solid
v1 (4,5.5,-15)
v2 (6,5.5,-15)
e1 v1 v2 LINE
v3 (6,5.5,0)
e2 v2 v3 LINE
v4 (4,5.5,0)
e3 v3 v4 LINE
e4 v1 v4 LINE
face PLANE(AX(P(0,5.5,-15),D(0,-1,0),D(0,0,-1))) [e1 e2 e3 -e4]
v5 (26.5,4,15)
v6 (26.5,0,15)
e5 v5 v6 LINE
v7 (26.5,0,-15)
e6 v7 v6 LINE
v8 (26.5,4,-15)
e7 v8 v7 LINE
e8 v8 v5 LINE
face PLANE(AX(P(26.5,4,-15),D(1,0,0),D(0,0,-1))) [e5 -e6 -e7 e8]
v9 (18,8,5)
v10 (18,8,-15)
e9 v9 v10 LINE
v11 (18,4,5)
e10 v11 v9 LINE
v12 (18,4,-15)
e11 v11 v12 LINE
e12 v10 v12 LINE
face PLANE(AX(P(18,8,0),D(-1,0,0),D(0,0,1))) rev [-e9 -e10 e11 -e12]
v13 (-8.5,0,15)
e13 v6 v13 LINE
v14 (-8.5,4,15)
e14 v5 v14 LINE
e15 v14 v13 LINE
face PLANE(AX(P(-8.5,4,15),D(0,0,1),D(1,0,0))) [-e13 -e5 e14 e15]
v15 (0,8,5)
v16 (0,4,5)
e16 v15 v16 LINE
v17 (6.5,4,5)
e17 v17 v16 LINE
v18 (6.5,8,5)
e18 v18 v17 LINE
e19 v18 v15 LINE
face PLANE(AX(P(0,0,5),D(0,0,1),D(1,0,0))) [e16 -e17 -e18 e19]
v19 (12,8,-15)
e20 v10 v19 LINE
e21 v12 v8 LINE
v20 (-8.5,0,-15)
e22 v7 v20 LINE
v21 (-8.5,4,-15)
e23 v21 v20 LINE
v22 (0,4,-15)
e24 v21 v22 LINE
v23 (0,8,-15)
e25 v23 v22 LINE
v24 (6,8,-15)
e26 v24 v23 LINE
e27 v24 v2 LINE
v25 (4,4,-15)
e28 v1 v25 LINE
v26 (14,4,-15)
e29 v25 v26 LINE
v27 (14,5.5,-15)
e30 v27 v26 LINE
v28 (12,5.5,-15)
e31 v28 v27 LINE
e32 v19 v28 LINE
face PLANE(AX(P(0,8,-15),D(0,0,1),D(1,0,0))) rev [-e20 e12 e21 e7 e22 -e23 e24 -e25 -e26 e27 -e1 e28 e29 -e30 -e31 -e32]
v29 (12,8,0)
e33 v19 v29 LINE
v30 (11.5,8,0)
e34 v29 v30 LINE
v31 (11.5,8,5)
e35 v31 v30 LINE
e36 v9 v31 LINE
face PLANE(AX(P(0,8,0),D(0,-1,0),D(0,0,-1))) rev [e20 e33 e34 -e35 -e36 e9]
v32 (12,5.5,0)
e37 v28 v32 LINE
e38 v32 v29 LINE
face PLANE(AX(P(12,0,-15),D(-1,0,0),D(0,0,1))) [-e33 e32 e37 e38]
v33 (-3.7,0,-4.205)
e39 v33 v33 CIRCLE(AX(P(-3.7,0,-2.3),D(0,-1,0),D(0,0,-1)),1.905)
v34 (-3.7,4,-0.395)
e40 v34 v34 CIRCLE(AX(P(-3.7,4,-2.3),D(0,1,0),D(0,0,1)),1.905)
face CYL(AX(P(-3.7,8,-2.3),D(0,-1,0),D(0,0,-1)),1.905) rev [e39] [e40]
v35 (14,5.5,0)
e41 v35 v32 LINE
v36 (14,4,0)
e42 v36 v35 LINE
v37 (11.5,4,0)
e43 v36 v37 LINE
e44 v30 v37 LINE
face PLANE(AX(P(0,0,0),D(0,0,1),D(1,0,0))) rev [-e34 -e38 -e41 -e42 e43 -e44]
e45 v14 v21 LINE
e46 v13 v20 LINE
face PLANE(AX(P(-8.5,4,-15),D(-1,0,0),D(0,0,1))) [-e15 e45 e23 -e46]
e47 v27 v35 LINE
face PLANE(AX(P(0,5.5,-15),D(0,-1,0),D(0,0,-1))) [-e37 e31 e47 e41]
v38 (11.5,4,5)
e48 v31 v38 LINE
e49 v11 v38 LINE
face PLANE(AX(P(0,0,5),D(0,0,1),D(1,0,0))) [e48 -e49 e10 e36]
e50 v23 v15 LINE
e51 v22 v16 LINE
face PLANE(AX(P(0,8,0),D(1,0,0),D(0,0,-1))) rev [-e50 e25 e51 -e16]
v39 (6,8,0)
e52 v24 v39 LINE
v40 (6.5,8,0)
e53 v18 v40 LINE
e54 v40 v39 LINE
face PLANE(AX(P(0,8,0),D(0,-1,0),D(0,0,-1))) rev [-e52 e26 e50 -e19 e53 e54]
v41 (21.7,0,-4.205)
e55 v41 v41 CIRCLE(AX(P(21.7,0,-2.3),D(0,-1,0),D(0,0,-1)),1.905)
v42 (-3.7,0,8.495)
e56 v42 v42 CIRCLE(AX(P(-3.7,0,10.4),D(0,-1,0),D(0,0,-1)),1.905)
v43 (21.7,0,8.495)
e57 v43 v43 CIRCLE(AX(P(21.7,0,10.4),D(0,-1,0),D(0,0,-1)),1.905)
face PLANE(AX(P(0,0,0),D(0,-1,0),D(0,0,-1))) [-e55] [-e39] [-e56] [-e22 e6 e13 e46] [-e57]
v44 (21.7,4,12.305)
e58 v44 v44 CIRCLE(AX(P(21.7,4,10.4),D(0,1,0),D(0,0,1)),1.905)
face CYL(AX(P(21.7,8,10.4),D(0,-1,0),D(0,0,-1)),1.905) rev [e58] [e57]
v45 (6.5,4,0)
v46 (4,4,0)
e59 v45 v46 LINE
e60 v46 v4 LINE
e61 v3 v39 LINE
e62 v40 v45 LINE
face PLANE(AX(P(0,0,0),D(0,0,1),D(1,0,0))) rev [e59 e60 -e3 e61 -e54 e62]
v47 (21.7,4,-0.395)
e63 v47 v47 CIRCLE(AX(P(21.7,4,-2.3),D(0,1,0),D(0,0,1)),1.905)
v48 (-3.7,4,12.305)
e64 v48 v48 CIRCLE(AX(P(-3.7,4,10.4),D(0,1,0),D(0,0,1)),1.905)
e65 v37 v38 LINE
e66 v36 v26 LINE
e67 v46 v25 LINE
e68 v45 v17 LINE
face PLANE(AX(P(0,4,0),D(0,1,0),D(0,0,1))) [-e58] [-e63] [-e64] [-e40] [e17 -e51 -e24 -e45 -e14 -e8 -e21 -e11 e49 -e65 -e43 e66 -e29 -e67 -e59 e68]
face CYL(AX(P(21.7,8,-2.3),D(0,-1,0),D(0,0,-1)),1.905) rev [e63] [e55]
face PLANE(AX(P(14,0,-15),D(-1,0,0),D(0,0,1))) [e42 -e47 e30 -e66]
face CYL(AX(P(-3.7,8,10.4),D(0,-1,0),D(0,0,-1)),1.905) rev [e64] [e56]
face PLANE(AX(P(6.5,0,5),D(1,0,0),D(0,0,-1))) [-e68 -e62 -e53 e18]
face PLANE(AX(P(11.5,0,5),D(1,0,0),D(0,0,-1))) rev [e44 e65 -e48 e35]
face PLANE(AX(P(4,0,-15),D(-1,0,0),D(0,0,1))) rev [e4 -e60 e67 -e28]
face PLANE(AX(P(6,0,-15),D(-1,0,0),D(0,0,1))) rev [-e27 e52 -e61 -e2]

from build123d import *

# Parameters (mm, degrees)
SKETCH1_W               = 18
SKETCH1_H               = 15
BOSS_EXTRUDE1_DEPTH     = 8
SKETCH2_W               = 6
SKETCH2_H               = 2.5
SKETCH2_W_2             = 10
SKETCH2_H_2             = 2
CUT_EXTRUDE1_DEPTH      = 1
CUT_EXTRUDE1_DEPTH_BACK = 16
SKETCH4_W               = 5
SKETCH4_H               = 3.5
BOSS_EXTRUDE2_DEPTH     = 5
SKETCH5_W               = 35
SKETCH5_H               = 30
BOSS_EXTRUDE3_DEPTH     = 4
SKETCH6_R               = 1.905
CUT_EXTRUDE2_DEPTH      = 1
CUT_EXTRUDE2_DEPTH_BACK = 9


with BuildPart() as part:
    # Sketch1 → Boss-Extrude1 (new body)
    with BuildSketch(Plane(origin=(0, 0, 0), x_dir=(1, 0, 0), z_dir=(0, 1, 0))):
        with Locations((9, 7.5)):
            Rectangle(SKETCH1_W, SKETCH1_H)
    extrude(amount=BOSS_EXTRUDE1_DEPTH)

    # Sketch2 → Cut-Extrude1 (cut, two sides)
    with BuildSketch(Plane.XY) as cut_extrude1_sk:
        with Locations((9, 6.75)):
            Rectangle(SKETCH2_W, SKETCH2_H)
        with Locations((9, 4.5)):
            Rectangle(SKETCH2_W_2, SKETCH2_H_2)
    extrude(amount=CUT_EXTRUDE1_DEPTH, mode=Mode.SUBTRACT)
    extrude(cut_extrude1_sk.sketch, amount=-CUT_EXTRUDE1_DEPTH_BACK, mode=Mode.SUBTRACT)

    # Sketch4 → Boss-Extrude2 (add)
    with BuildSketch(Plane.XY):
        with Locations((9, 1.75)):
            Rectangle(SKETCH4_W, SKETCH4_H)
        Polygon((11.5, 3.5), (11.5, 0), (18, 0), (18, 8), (12, 8), (12, 5.5), (14, 5.5), (14, 3.5), align=None)
        Polygon((6, 8), (0, 8), (0, 0), (6.5, 0), (6.5, 3.5), (4, 3.5), (4, 5.5), (6, 5.5), align=None)
        Polygon((6.5, 8), (6, 8), (6, 5.5), (4, 5.5), (4, 3.5), (6.5, 3.5), align=None)
        Polygon((12, 8), (11.5, 8), (11.5, 3.5), (14, 3.5), (14, 5.5), (12, 5.5), align=None)
    extrude(amount=BOSS_EXTRUDE2_DEPTH)

    # Sketch5 → Boss-Extrude3 (add)
    with BuildSketch(Plane(origin=(0, 0, 0), x_dir=(-1, 0, 0), z_dir=(0, -1, 0))):
        with Locations((-9, 0)):
            Rectangle(SKETCH5_W, SKETCH5_H)
    extrude(amount=-BOSS_EXTRUDE3_DEPTH)

    # Sketch6 → Cut-Extrude2 (cut, two sides)
    with BuildSketch(Plane(origin=(0, 0, 0), x_dir=(-1, 0, 0), z_dir=(0, -1, 0))) as cut_extrude2_sk:
        with Locations((3.7, 2.3)):
            Circle(SKETCH6_R)
        with Locations((-21.7, -10.4)):
            Circle(SKETCH6_R)
        with Locations((3.7, -10.4)):
            Circle(SKETCH6_R)
        with Locations((-21.7, 2.3)):
            Circle(SKETCH6_R)
    extrude(amount=CUT_EXTRUDE2_DEPTH, mode=Mode.SUBTRACT)
    extrude(cut_extrude2_sk.sketch, amount=-CUT_EXTRUDE2_DEPTH_BACK, mode=Mode.SUBTRACT)


solid = part.part
